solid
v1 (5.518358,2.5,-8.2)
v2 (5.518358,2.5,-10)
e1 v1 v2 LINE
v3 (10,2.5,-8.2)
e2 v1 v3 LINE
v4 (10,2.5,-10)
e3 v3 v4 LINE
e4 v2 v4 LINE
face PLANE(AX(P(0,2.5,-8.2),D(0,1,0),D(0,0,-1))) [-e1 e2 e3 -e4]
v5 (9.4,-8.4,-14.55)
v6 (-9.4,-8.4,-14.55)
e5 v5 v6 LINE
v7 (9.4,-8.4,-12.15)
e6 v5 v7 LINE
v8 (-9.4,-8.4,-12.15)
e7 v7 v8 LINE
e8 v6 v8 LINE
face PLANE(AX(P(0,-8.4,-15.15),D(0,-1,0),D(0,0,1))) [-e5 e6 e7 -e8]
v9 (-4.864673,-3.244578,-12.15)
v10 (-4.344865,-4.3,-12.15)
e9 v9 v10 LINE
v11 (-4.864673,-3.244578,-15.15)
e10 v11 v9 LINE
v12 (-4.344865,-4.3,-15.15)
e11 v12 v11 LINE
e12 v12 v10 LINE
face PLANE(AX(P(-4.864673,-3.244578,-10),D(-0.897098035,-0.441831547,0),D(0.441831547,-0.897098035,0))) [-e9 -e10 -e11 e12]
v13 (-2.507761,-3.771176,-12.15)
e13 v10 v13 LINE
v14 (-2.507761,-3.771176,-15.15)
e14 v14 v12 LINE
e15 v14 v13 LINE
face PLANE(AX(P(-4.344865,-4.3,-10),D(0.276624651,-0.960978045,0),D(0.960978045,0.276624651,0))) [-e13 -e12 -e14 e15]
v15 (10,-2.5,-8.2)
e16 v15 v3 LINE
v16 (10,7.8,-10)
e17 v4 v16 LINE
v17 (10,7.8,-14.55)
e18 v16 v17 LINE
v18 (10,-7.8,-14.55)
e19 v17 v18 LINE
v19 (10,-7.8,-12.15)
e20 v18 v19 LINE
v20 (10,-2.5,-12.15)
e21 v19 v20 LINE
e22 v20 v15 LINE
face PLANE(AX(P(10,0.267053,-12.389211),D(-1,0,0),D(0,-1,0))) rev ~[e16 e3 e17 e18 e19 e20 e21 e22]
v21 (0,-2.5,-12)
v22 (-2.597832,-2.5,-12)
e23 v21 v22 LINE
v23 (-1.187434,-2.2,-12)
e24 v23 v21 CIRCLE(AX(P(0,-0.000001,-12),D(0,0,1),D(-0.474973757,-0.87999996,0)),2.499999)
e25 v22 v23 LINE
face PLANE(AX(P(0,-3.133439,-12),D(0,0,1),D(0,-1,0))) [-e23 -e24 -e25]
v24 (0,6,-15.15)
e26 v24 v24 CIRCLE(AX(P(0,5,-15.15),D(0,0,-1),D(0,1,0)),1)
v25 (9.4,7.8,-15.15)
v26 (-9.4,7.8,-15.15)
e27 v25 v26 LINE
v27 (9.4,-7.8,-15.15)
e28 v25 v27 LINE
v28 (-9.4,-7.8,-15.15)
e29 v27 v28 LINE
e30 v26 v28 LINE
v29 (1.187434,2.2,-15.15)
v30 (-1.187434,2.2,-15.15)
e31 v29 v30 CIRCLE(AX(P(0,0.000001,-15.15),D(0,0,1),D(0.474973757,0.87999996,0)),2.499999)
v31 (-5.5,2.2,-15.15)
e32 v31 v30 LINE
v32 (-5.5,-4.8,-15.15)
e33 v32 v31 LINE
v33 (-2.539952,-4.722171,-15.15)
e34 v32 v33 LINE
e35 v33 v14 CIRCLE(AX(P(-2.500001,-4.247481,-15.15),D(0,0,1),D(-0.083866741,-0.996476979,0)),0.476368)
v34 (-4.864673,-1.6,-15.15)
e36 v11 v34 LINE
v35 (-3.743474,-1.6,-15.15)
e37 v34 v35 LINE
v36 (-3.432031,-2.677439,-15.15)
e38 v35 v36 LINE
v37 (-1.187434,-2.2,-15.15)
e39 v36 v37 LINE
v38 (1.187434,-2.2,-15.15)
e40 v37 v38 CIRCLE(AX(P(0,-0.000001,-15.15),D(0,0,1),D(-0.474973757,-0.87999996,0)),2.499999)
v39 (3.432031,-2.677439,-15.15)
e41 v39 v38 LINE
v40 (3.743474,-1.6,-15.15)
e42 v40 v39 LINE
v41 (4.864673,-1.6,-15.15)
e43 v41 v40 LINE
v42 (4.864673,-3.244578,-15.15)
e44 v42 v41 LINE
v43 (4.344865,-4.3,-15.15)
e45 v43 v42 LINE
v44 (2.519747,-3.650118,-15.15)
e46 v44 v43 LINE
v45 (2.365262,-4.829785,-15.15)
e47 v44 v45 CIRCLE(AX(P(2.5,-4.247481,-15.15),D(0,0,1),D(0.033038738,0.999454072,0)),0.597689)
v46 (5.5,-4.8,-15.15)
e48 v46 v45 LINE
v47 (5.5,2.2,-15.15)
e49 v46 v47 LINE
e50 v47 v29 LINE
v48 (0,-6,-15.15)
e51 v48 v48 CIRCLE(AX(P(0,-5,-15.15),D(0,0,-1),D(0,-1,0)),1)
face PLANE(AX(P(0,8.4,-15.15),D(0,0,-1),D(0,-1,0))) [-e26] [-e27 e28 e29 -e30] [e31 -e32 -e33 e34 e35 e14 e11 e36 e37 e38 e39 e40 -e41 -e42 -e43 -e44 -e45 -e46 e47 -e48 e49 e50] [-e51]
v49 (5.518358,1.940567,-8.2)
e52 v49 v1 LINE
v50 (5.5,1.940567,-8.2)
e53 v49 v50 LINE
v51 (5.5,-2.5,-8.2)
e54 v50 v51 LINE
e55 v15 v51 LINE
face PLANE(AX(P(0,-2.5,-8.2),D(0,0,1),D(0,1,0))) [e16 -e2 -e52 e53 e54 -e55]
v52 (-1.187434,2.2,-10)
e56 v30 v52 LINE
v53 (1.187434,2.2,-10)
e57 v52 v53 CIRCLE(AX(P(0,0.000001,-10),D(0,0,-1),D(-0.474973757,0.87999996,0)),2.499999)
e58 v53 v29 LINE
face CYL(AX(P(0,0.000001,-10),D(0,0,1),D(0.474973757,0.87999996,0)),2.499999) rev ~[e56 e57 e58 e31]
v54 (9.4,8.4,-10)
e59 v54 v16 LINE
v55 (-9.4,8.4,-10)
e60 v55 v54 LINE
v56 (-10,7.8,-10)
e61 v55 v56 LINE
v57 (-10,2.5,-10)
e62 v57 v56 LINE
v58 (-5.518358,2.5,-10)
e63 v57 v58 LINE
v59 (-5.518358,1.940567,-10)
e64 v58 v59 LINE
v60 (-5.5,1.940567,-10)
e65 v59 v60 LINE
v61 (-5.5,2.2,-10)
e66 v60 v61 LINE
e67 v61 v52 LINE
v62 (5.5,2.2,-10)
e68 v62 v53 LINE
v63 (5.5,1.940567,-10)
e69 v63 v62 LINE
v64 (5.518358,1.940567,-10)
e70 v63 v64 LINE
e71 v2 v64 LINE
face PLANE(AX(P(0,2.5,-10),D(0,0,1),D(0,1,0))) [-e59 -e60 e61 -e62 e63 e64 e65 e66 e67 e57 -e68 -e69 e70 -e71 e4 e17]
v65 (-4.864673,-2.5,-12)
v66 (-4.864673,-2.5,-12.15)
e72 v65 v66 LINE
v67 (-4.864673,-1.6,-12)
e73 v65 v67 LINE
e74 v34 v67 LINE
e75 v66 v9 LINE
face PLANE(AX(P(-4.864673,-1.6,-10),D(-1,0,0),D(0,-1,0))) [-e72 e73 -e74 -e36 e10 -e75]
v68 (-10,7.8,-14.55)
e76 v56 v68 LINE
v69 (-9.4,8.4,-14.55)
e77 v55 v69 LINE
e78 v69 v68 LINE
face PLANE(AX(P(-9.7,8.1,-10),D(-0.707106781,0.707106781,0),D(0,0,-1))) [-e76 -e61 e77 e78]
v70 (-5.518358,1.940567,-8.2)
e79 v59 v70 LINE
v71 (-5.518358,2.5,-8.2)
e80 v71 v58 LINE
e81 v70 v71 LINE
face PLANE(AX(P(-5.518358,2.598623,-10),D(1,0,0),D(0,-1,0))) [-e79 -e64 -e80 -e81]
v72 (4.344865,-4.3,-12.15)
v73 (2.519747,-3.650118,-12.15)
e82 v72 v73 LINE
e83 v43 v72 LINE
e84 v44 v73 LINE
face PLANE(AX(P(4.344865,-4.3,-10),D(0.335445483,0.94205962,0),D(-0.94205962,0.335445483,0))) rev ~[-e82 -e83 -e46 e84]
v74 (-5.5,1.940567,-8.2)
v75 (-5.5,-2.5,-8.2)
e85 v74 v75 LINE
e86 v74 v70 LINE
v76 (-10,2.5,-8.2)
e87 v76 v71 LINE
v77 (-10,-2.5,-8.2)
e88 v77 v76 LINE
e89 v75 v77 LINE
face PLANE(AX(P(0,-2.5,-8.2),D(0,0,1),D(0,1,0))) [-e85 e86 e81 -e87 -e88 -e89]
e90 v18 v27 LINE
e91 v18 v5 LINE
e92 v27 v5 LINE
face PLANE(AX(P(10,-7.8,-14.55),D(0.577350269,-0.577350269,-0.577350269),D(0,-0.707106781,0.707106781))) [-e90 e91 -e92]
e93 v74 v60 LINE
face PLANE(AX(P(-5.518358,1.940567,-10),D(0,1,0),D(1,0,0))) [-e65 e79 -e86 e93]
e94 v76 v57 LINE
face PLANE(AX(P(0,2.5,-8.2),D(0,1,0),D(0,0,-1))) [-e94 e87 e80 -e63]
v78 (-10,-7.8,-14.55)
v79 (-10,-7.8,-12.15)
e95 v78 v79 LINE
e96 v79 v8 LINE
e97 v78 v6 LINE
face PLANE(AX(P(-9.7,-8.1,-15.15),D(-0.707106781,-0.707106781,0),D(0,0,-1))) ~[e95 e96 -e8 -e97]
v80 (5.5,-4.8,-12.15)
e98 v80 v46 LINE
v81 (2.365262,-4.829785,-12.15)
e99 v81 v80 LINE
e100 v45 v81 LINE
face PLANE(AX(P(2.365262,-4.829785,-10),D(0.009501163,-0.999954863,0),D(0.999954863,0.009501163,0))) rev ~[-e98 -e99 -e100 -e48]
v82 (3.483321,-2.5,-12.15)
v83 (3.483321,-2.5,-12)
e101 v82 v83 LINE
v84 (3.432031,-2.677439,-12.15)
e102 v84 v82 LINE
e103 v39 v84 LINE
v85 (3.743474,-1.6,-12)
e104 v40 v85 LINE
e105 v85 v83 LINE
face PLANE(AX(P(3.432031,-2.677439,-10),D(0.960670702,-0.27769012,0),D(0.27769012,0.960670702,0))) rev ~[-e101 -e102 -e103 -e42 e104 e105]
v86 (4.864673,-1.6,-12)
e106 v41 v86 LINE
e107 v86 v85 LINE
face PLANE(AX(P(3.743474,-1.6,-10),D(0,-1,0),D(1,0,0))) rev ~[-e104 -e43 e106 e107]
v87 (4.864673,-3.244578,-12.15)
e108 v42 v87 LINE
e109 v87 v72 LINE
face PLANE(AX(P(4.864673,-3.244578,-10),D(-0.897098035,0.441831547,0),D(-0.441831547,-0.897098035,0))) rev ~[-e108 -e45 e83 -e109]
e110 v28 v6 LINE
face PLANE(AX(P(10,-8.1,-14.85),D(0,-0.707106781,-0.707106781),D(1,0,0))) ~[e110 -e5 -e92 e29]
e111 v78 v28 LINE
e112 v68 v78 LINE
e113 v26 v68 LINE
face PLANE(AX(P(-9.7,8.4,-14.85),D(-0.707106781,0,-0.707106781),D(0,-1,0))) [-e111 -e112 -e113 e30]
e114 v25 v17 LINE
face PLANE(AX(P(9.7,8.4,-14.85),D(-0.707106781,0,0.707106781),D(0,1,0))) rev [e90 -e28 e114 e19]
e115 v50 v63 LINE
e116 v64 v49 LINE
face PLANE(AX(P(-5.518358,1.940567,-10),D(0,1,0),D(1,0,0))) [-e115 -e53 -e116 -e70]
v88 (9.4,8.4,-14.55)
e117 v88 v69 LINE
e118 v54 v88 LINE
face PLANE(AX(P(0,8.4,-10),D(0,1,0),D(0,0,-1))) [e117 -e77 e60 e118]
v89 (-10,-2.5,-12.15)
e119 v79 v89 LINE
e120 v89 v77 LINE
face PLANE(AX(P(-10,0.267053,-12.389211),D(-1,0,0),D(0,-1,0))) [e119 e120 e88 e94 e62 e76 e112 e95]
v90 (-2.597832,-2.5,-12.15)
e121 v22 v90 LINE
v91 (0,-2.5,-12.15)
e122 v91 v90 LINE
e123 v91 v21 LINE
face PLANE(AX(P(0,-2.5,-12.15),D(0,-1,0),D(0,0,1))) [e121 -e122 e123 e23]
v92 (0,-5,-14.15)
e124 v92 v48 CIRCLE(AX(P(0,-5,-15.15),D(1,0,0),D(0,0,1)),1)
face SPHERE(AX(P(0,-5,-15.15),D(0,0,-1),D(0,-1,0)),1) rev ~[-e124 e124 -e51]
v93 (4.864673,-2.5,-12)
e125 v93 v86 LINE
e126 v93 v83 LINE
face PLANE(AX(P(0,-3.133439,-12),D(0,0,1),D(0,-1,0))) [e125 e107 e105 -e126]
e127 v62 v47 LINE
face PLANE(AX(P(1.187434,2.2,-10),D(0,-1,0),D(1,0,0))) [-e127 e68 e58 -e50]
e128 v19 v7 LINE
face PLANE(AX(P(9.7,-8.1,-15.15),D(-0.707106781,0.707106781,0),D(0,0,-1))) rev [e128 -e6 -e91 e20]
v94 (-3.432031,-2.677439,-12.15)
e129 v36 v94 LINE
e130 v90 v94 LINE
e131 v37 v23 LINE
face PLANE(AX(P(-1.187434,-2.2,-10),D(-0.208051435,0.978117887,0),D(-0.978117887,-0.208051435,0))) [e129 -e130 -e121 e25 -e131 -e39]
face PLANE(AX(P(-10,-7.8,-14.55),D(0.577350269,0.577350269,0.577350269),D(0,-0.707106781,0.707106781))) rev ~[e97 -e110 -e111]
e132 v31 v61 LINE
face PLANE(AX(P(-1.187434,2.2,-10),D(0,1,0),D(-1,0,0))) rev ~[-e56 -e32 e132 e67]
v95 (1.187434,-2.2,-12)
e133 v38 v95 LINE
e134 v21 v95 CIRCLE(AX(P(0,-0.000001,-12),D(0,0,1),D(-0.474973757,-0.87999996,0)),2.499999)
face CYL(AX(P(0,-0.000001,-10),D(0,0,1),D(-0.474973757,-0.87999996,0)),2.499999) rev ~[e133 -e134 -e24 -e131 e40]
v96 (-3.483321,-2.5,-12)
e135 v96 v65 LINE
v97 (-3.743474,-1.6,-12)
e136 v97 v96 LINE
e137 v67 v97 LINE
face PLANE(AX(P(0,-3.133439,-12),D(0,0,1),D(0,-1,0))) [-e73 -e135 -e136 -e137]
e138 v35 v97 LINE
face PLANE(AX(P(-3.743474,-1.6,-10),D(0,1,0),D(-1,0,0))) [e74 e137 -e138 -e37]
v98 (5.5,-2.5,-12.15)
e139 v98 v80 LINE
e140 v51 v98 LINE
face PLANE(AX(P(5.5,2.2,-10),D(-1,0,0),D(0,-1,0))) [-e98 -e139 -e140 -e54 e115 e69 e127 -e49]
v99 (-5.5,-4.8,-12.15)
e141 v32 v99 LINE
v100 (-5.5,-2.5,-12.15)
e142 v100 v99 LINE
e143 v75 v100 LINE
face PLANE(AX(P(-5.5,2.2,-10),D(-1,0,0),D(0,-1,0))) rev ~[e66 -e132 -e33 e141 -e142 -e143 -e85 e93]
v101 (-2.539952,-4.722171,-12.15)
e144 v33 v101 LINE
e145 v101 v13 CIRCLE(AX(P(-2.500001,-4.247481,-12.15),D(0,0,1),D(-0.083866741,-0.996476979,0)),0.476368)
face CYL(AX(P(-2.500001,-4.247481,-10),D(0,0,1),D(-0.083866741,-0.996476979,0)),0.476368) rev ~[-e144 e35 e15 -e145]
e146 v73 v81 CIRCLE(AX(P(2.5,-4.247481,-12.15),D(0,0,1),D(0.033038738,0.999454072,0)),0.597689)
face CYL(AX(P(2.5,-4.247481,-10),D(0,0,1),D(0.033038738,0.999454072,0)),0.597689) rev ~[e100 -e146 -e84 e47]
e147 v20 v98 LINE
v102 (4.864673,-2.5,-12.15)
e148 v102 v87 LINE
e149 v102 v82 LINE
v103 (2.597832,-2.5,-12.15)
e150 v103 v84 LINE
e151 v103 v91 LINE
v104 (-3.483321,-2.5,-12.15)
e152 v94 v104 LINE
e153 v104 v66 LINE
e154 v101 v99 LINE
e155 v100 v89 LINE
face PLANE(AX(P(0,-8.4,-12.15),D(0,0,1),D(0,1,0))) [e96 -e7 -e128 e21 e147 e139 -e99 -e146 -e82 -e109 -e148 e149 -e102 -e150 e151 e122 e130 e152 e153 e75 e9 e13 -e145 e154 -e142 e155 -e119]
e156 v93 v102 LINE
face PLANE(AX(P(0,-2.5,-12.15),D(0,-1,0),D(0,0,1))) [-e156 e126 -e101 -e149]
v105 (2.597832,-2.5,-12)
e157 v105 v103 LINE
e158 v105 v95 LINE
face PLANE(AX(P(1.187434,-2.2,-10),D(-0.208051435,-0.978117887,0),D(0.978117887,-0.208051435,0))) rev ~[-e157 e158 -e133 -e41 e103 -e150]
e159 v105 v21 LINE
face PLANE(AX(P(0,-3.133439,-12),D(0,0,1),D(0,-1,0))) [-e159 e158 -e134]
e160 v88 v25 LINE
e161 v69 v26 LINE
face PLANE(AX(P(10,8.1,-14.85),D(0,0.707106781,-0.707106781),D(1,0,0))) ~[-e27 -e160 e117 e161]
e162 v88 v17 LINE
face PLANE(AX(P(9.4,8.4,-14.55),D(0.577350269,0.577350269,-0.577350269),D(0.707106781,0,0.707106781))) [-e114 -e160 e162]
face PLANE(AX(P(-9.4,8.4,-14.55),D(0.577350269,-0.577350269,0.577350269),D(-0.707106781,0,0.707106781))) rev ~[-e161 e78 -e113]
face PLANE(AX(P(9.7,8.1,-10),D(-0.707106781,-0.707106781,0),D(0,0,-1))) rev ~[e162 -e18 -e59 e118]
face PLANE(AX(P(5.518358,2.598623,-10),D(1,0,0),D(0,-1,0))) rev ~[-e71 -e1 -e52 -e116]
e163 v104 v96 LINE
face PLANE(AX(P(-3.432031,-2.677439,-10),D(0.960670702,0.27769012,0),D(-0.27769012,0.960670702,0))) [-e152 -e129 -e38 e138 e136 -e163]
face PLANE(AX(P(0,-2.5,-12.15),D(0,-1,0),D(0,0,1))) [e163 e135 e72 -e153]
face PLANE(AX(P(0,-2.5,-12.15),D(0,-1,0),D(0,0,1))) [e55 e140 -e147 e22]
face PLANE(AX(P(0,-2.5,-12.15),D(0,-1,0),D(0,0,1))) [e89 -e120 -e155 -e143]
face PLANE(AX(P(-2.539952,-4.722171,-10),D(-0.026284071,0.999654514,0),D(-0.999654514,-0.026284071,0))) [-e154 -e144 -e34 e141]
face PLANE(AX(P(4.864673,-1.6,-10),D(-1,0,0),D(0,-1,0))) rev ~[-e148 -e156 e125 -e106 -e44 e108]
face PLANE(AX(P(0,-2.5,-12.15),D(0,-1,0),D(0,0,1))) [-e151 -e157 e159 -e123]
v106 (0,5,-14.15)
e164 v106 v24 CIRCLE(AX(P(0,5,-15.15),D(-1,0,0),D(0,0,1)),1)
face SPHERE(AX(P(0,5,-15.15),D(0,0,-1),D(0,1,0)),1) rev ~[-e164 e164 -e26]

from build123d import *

# Parameters (mm, degrees)
PAD_DEPTH             = 10
POCKET_DEPTH          = 10
SKETCH009_W           = 3.913781
SKETCH009_H           = 10.54203
POCKET001_DEPTH       = 2
POLARPATTERN002_COUNT = 2
CHAMFER_SIZE          = 0.6
SKETCH011_W           = 0.658057
SKETCH011_H           = 11.036716
POCKET002_DEPTH       = 5
BODY_PLACEMENT_ANGLE  = 90


with BuildPart() as part:
    # Sketch001 → Pad (new body, symmetric)
    with BuildSketch(Plane.XZ):
        Polygon((-8.4, 0), (-8.4, -5.15), (8.4, -5.15), (8.4, -2.15), (2.5, -2.15), (2.5, 0), (2.5, 1.8), (-2.5, 1.8), (-2.5, 0), align=None)
    extrude(amount=PAD_DEPTH, both=True)

    # Sketch → Pocket (cut, symmetric)
    with BuildSketch(Plane.XY):
        with BuildLine():
            ThreePointArc((-2.2, 1.187434), (-2.5, 0), (-2.2, -1.187434))
            Line((-2.2, -1.187434), (-2.2, -5.5))
            Line((-2.2, -5.5), (4.8, -5.5))
            Line((4.722171, -2.539952), (4.8, -5.5))
            ThreePointArc((4.722171, -2.539952), (4.263597, -2.023905), (3.771176, -2.507761))
            Line((4.3, -4.344865), (3.771176, -2.507761))
            Line((3.244578, -4.864673), (4.3, -4.344865))
            Line((1.6, -4.864673), (3.244578, -4.864673))
            Line((1.6, -3.743474), (1.6, -4.864673))
            Line((2.677439, -3.432031), (1.6, -3.743474))
            Line((2.2, -1.187434), (2.677439, -3.432031))
            ThreePointArc((2.2, -1.187434), (2.5, 0), (2.2, 1.187434))
            Line((2.2, 1.187434), (2.677439, 3.432031))
            Line((2.677439, 3.432031), (1.6, 3.743474))
            Line((1.6, 3.743474), (1.6, 4.864673))
            Line((1.6, 4.864673), (3.244578, 4.864673))
            Line((3.244578, 4.864673), (4.3, 4.344865))
            Line((4.3, 4.344865), (3.650118, 2.519747))
            ThreePointArc((3.650118, 2.519747), (4.169872, 1.907371), (4.829785, 2.365262))
            Line((4.829785, 2.365262), (4.8, 5.5))
            Line((-2.2, 5.5), (4.8, 5.5))
            Line((-2.2, 1.187434), (-2.2, 5.5))
        make_face()
    extrude(amount=POCKET_DEPTH, both=True, mode=Mode.SUBTRACT)

    # Sketch009 → Pocket001 (cut, symmetric)
    with BuildSketch(Plane.XY):
        with Locations((3.133439, 0)):
            Rectangle(SKETCH009_W, SKETCH009_H)
    extrude(amount=POCKET001_DEPTH, both=True, mode=Mode.SUBTRACT)

    # Sphere001 → Sphere001 (revolve, cut)
    with BuildSketch(Plane(origin=(5, 0, -5.15), x_dir=(1, 0, 0), z_dir=(0, 1, 0))):
        with BuildLine():
            ThreePointArc((0, -1), (1, 0), (0, 1))
            Line((0, 1), (0, -1))
        make_face()
    sphere001 = revolve(axis=Axis((5, 0, -5.15), (0, 0, -1)), mode=Mode.SUBTRACT)

    # PolarPattern002: Sphere001 ×2 about axis
    polarpattern002_axis = Axis((0, 0, 0), (0, 0, 1))
    for i in range(1, POLARPATTERN002_COUNT):
        add(sphere001.rotate(polarpattern002_axis, i * 360 / POLARPATTERN002_COUNT), mode=Mode.SUBTRACT)

    # Chamfer
    chamfer_edges = [part.edges().sort_by_distance(p)[0] for p in [
        (8.4, 0, -5.15),
        (0, -10, -5.15),
        (0, 10, -5.15),
        (-8.4, 0, -5.15),
        (8.4, -10, -3.65),
        (8.4, 10, -3.65),
        (-8.4, -10, -2.575),
        (-8.4, 10, -2.575),
    ]]
    chamfer(chamfer_edges, length=CHAMFER_SIZE)

    # Sketch011 → Pocket002 (cut)
    with BuildSketch(Plane.XY):
        with Locations((-2.269595, 0)):
            Rectangle(SKETCH011_W, SKETCH011_H)
    extrude(amount=POCKET002_DEPTH, mode=Mode.SUBTRACT)


with BuildPart() as part_1:
    # Body placement: moved
    add(part.part.moved(Location((0, 0, -10))).rotate(Axis((0, 0, -10), (0, 0, -1)), BODY_PLACEMENT_ANGLE))


solid = part_1.part
